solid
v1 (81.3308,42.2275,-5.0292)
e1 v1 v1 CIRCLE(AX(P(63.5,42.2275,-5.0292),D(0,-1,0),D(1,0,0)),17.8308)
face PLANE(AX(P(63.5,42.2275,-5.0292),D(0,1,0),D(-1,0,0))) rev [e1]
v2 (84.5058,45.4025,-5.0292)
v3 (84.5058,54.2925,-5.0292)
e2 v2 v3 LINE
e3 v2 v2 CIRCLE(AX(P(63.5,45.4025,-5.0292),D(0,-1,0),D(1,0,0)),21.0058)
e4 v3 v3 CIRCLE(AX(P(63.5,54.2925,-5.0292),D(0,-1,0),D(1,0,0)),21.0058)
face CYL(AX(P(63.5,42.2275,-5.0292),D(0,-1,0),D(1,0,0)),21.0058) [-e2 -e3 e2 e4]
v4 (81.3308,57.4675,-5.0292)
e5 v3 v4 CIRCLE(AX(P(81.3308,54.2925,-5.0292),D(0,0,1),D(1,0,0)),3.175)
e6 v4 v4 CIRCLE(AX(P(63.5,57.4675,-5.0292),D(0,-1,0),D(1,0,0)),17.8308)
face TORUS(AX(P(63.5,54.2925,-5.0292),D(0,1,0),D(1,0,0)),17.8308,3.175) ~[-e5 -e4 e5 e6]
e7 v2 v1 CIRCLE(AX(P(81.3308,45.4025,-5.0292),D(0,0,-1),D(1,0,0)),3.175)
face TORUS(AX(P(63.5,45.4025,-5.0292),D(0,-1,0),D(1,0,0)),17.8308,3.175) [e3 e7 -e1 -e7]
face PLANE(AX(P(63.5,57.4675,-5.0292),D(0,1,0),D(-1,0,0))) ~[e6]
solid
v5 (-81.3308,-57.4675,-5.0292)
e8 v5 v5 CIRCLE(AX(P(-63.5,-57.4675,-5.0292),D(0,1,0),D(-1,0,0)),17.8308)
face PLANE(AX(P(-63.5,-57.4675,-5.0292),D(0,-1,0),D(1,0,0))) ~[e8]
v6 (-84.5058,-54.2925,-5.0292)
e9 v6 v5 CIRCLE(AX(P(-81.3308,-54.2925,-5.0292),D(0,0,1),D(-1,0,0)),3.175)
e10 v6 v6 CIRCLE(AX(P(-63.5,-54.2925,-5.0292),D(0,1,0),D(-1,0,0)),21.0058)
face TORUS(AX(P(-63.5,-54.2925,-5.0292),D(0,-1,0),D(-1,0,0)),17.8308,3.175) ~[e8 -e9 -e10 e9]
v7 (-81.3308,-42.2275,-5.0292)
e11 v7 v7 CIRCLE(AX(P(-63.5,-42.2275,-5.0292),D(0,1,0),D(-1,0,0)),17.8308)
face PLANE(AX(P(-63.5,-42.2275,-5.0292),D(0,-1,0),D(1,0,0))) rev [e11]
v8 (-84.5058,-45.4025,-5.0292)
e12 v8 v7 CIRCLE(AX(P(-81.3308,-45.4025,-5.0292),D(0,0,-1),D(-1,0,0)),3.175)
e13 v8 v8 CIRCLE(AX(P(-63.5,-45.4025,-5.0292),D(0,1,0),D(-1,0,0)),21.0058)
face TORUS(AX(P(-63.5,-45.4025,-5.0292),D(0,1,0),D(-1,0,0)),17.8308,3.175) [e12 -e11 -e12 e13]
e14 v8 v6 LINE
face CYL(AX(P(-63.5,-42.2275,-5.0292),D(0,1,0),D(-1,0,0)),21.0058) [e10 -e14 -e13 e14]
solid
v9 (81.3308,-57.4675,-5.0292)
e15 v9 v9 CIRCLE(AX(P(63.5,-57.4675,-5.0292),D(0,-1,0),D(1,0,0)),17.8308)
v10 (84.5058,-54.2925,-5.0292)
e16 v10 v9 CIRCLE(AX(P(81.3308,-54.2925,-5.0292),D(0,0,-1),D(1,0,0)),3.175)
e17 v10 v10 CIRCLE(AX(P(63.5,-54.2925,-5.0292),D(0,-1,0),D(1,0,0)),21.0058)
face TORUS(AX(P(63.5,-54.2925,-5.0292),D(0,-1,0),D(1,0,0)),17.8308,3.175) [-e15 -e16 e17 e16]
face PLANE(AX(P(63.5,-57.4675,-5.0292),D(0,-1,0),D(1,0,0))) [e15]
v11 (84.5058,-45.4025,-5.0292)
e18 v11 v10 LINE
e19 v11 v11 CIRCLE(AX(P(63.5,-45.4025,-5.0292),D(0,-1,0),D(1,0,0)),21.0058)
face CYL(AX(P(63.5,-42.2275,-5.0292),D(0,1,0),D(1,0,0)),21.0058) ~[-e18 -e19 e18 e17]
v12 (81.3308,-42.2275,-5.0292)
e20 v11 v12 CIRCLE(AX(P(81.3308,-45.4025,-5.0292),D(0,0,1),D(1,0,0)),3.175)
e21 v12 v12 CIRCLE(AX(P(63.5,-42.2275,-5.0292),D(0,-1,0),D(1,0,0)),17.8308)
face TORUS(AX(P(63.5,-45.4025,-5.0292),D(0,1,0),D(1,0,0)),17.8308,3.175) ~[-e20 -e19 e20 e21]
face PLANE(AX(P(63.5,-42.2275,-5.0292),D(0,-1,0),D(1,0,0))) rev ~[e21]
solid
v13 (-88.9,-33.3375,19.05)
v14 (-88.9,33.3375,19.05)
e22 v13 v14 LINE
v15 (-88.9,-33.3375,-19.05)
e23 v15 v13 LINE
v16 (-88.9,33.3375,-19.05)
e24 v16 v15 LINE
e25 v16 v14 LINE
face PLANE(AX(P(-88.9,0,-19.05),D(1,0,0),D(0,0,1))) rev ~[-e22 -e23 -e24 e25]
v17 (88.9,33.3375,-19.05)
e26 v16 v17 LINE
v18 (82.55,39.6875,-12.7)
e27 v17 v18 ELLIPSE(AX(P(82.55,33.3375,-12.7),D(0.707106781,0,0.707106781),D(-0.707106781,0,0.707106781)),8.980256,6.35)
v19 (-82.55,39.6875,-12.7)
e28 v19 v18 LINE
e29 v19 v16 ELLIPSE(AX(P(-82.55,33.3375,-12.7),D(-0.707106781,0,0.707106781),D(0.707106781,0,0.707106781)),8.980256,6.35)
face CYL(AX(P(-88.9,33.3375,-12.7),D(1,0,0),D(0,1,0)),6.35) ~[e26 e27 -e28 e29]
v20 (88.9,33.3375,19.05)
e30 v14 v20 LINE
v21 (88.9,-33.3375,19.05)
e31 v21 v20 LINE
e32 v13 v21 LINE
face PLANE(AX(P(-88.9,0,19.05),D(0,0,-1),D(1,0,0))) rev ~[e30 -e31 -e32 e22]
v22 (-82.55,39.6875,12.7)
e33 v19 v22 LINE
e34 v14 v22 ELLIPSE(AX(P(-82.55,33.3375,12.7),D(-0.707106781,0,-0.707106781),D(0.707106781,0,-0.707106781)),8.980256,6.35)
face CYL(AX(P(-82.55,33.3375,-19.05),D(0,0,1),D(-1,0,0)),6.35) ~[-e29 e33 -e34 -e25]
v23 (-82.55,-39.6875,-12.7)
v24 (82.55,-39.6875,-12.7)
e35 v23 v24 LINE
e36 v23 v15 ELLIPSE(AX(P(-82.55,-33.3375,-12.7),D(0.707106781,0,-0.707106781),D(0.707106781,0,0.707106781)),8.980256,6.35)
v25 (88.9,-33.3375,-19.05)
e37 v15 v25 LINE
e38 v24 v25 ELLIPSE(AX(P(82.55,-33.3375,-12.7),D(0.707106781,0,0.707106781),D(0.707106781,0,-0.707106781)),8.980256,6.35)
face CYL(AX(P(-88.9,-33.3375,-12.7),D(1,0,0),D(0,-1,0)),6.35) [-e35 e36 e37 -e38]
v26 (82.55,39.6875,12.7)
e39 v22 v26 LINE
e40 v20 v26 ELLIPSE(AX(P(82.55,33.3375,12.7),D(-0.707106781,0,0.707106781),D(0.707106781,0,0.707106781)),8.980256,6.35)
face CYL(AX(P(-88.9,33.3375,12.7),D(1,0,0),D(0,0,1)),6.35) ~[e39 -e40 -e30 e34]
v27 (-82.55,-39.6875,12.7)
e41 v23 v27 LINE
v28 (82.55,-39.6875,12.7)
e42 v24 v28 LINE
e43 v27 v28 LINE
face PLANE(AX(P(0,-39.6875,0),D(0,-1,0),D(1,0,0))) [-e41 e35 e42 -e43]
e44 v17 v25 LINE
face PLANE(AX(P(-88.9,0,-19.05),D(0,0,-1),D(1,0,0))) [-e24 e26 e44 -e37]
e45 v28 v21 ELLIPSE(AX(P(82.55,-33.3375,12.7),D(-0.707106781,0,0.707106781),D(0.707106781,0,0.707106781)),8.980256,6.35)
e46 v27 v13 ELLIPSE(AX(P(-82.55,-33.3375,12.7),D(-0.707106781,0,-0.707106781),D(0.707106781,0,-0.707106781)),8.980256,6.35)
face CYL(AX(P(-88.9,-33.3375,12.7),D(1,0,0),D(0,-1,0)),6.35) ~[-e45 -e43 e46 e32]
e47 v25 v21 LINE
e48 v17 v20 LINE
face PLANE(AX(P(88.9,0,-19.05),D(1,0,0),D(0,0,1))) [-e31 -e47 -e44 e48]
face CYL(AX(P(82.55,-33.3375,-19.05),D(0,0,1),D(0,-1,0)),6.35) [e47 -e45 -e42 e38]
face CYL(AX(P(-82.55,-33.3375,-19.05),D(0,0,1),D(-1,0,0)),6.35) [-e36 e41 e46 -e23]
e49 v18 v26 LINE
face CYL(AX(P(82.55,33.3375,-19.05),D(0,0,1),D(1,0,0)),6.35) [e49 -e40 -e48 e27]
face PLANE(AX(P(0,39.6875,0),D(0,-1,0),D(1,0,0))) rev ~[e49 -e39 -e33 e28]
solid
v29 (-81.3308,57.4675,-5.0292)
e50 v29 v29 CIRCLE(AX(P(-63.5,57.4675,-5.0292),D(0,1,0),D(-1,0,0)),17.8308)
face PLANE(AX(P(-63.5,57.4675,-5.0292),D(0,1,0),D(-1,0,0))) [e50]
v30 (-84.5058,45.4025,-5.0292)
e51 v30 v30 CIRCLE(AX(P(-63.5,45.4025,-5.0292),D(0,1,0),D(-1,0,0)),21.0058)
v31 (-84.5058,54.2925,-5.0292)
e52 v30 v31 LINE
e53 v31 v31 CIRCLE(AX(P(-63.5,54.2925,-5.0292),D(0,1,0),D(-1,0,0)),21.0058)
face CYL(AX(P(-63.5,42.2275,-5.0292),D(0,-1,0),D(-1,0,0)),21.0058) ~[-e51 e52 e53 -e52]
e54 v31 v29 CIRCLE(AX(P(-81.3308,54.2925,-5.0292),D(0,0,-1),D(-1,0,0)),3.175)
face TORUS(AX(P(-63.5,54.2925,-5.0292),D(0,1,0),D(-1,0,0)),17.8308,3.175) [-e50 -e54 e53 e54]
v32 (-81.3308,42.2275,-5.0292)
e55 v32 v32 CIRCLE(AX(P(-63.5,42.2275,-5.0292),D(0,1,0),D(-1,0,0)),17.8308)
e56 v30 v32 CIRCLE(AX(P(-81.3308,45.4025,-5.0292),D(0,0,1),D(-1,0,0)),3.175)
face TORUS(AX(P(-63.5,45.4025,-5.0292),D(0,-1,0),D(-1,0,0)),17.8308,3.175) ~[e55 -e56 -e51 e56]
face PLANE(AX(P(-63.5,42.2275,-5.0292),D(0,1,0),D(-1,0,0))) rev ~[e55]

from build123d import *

# Parameters (mm, degrees)
F1_W     = 177.8
F1_H     = 38.1
F2_DEPTH = 39.6875
F4_R     = 21.0058
F5_DEPTH = 15.24
F6_R     = 6.35
F7_R     = 3.175


with BuildPart() as f2:
    # F1 (on Front) → F2 (new body, symmetric)
    with BuildSketch(Plane.XZ):
        Rectangle(F1_W, F1_H)
    extrude(amount=F2_DEPTH, both=True)

    # F6
    f6_edges = [f2.edges().sort_by_distance(p)[0] for p in [
        (0, -39.6875, 19.05),
        (0, -39.6875, -19.05),
        (-88.9, -39.6875, 0),
        (88.9, -39.6875, 0),
        (0, 39.6875, 19.05),
        (88.9, 39.6875, 0),
        (0, 39.6875, -19.05),
        (-88.9, 39.6875, 0),
    ]]
    fillet(f6_edges, radius=F6_R)


with BuildPart() as f5:
    # F4 (on offset) → F5 (new body)
    with BuildSketch(Plane.XZ.offset(42.2275)):
        with Locations((63.5, -5.0292)):
            Circle(F4_R)
    extrude(amount=F5_DEPTH)

    # F7
    f7_edges = [f5.edges().sort_by_distance(p)[0] for p in [
        (42.4942, -57.4675, -5.0292),
        (42.4942, -42.2275, -5.0292),
    ]]
    fillet(f7_edges, radius=F7_R)


with BuildPart() as f8_1:
    # F8: instance of F5
    add(f5.part.mirror(Plane.XZ))


with BuildPart() as f9_1:
    # F9: instance of F5
    add(f5.part.mirror(Plane.YZ))


with BuildPart() as f9_2:
    # F9: instance of F8_1
    add(f8_1.part.mirror(Plane.YZ))


solid = Compound([f2.part, f5.part, f8_1.part, f9_1.part, f9_2.part])
